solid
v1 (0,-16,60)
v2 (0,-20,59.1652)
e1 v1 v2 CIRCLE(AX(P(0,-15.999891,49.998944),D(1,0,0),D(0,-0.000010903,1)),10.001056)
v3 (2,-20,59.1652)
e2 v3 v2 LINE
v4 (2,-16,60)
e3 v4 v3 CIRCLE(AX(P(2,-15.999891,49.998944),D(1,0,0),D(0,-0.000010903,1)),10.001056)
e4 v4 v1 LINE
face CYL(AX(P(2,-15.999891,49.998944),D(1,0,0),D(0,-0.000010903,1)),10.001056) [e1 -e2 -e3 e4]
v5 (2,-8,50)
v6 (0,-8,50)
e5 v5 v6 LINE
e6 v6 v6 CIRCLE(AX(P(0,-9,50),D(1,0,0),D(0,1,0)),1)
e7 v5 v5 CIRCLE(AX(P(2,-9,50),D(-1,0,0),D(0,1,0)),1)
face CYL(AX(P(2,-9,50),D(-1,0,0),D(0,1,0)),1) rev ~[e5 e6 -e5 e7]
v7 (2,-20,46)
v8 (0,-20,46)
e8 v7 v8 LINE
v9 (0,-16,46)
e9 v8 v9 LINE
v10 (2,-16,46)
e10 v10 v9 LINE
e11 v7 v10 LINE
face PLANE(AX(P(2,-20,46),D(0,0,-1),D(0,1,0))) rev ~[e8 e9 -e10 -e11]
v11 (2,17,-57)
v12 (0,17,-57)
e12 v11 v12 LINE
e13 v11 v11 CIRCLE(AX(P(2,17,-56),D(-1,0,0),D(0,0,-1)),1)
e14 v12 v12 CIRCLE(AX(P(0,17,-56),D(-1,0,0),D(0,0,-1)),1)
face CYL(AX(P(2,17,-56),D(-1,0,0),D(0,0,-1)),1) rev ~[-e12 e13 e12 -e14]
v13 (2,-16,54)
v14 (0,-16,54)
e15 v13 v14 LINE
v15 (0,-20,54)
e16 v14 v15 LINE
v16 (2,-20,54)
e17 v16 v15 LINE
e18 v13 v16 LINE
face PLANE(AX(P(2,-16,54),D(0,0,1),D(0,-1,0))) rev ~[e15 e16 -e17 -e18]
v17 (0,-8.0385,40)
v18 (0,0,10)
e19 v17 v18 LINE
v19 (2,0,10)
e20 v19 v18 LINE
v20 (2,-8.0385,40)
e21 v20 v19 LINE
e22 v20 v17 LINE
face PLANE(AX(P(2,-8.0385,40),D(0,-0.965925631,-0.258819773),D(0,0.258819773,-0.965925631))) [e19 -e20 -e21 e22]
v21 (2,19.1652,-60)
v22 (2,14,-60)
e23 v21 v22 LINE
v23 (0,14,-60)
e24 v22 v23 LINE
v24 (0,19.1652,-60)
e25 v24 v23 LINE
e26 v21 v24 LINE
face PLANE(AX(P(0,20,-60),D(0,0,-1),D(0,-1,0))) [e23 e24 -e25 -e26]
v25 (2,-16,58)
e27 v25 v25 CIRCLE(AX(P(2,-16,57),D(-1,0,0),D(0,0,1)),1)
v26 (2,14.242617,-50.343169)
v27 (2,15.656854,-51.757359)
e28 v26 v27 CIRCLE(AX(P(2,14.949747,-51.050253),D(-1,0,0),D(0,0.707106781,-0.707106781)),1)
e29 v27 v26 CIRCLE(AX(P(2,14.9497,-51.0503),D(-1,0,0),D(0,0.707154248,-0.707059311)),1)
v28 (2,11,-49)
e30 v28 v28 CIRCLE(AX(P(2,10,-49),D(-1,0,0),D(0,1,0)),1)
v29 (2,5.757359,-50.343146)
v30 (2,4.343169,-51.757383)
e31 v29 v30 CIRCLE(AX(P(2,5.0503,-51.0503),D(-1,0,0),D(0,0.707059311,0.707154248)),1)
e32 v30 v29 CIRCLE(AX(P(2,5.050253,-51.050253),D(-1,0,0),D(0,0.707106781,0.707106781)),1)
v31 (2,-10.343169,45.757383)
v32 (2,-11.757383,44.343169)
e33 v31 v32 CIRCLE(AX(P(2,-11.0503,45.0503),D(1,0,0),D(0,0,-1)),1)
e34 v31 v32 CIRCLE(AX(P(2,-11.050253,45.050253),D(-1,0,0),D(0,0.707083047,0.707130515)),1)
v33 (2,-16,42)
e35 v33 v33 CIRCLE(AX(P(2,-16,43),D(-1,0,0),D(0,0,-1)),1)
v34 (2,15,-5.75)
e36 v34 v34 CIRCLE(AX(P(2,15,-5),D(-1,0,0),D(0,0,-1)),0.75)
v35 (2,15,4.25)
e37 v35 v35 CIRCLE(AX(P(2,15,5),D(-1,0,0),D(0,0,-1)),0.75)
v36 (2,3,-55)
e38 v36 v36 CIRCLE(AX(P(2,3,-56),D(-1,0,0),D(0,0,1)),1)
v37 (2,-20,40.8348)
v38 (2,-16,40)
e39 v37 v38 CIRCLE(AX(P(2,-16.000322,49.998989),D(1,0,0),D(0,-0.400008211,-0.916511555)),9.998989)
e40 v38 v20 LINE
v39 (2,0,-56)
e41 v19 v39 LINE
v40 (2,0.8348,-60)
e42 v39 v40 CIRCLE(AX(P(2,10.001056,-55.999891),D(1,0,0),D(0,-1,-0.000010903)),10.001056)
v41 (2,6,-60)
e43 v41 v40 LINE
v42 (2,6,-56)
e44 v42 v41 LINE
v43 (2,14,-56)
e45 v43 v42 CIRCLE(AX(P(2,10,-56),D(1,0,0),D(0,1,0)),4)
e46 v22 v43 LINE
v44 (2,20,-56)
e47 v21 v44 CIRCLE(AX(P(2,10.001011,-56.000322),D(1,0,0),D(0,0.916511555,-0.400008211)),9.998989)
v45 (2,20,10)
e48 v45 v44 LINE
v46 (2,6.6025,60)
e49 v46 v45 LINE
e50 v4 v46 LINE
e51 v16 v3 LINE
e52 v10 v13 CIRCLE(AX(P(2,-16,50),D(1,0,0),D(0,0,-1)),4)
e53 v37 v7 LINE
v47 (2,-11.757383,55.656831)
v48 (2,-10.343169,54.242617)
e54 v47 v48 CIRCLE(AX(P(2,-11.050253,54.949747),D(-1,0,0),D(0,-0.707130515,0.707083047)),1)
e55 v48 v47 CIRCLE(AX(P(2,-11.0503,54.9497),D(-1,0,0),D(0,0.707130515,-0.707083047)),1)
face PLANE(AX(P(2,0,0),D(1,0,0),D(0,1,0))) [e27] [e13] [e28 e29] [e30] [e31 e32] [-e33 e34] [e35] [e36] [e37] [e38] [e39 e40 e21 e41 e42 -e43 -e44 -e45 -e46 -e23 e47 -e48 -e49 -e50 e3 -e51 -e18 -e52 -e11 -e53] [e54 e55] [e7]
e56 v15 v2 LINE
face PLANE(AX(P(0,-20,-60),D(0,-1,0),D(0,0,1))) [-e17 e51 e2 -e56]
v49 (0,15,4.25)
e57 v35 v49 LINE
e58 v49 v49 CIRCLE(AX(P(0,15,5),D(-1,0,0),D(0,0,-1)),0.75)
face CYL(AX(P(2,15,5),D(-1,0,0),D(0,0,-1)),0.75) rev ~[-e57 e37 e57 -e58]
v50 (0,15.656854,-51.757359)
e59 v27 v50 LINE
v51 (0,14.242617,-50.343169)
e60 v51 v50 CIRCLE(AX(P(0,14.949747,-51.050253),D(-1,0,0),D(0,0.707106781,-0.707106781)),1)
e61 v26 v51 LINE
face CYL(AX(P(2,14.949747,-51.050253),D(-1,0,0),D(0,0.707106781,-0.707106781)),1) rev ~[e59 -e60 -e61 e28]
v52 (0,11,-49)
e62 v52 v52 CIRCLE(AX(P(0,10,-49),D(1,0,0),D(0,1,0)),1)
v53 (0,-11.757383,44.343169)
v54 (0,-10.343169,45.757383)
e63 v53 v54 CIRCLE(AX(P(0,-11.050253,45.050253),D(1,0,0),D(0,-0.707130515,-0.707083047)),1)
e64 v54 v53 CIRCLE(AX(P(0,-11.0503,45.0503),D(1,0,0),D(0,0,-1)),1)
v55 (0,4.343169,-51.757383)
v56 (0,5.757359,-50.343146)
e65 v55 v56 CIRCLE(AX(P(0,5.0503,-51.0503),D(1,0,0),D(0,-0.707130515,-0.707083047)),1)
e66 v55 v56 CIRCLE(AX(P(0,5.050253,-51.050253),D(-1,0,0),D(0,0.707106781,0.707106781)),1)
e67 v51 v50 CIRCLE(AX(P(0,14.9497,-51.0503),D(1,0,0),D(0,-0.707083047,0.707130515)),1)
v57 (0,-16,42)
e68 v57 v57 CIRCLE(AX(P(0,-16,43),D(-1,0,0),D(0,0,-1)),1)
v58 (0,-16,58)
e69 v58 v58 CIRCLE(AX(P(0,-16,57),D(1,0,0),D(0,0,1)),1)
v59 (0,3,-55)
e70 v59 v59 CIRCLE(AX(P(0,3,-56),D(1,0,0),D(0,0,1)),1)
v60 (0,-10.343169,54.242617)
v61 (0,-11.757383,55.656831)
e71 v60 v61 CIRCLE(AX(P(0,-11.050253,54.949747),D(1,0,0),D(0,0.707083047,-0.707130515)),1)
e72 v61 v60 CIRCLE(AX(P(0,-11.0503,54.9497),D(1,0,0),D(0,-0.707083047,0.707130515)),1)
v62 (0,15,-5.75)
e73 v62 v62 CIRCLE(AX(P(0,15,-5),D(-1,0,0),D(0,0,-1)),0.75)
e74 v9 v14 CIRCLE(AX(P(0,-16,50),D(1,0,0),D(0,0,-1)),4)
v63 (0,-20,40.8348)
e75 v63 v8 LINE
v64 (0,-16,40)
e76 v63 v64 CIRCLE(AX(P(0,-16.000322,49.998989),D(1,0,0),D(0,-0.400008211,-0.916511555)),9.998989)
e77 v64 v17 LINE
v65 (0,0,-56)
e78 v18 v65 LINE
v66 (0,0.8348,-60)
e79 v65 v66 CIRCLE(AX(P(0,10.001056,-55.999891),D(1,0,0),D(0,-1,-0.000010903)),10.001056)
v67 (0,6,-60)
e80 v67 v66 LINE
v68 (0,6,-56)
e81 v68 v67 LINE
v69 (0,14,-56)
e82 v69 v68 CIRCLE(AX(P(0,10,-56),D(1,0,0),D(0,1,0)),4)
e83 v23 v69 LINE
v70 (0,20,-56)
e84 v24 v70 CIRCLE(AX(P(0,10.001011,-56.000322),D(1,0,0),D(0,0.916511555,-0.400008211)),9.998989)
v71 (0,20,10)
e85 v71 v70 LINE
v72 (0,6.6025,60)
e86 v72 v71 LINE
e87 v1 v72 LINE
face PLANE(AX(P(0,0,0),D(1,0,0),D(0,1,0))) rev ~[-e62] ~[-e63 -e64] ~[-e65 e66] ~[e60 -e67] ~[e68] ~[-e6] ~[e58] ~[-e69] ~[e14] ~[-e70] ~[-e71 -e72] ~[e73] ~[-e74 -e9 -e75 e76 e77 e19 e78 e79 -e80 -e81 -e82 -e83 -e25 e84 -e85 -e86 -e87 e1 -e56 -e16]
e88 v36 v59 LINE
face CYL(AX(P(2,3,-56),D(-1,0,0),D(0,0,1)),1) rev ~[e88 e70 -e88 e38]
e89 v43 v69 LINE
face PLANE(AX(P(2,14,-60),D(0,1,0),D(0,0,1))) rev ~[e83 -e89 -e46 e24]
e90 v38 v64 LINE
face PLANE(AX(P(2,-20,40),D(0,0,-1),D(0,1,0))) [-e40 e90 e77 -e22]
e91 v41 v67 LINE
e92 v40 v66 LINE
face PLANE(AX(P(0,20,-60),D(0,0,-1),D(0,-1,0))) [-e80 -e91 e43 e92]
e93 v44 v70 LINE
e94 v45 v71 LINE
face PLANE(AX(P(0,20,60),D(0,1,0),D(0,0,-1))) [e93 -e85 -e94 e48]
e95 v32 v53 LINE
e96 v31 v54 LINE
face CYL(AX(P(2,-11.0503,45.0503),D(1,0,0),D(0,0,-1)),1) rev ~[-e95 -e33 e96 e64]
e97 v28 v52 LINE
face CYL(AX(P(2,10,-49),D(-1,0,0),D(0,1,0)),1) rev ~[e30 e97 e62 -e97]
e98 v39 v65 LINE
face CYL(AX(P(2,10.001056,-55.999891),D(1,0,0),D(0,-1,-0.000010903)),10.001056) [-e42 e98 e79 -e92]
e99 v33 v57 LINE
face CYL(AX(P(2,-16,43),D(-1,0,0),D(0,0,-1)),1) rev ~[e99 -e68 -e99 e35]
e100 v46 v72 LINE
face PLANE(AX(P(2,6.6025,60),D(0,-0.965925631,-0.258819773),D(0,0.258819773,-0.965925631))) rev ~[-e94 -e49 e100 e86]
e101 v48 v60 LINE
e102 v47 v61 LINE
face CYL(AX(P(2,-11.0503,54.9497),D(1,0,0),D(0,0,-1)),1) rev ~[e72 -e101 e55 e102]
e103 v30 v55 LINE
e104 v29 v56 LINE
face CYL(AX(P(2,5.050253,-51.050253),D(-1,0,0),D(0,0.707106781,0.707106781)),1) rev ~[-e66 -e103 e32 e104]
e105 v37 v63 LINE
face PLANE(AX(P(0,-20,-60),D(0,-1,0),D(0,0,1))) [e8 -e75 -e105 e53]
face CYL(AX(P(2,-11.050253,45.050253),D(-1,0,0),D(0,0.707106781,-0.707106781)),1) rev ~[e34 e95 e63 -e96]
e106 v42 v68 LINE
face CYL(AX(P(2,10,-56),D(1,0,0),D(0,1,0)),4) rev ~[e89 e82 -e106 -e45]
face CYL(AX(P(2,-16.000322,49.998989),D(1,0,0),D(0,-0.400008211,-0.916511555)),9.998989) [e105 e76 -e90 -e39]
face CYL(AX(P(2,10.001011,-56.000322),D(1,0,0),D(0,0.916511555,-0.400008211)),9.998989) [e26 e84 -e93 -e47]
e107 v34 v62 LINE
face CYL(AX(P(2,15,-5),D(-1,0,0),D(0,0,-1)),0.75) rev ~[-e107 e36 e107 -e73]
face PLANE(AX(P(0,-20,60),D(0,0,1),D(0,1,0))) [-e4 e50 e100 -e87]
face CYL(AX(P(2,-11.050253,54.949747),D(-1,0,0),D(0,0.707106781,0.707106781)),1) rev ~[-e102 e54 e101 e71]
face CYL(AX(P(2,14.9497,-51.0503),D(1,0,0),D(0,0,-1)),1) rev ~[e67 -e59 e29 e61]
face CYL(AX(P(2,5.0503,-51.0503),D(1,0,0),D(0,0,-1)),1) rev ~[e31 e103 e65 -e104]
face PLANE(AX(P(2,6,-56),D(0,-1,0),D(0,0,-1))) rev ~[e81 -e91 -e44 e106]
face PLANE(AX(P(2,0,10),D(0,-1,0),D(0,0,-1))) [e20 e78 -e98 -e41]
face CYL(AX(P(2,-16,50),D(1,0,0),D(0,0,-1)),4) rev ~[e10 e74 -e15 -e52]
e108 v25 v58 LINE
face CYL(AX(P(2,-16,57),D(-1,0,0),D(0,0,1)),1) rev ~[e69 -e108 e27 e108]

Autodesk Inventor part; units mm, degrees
ref_plane "YZ Plane" through (0, 0, 0) normal (1, 0, 0) x (0, 1, 0)
ref_plane "XZ Plane" through (0, 0, 0) normal (0, 1, 0) x (-1, 0, 0)
ref_plane "XY Plane" through (0, 0, 0) normal (0, 0, 1) x (1, 0, 0)
sketch "スケッチ1" plane through (0, 0, 0) normal (1, 0, 0) x (0, 1, 0)
  line L0 (-20, 60) -> (20, 60)
  line L1 (20, 60) -> (20, -60)
  line L2 (20, -60) -> (-20, -60)
  line L3 (-20, -60) -> (-20, 60)
  point P0 (0, 0)
  dimension "d0" = 40
  dimension "d2" = 20
  dimension "d3" = 120
  dimension "d4" = 60
extrude "押し出し1" add sketch "スケッチ1" along normal blind 2
sketch "スケッチ2" plane through (2, 0, 0) normal (1, 0, 0) x (0, 0, -1)
  line L0 (-60, 20) -> (-60, -20) projected
  line L1 (-60, -20) -> (60, -20) projected
  line L2 (60, -20) -> (60, 20) projected
  line L3 (60, 20) -> (-60, 20) projected
  line L4 (-60, 6.6025) -> (-10, 20)
  line L5 (-40, -20) -> (-40, -8.0385)
  line L6 (-40, -8.0385) -> (-10, 0)
  line L7 (-10, 0) -> (60, 0)
  point P0 (0, 0)
  dimension "d7" = 20
  dimension "d8" = 20
  dimension "d9" = 70
  dimension "d10" = 15
  dimension "d11" = 70
extrude "押し出し2" cut sketch "スケッチ2" against normal blind 2 contours L4 L3 L2 L7 L6 L5 L1 L0 keep common part
sketch "スケッチ3" plane through (2, 0, 0) normal (1, 0, 0) x (0, 0, -1)
  line L0 (60, 0) -> (-10, 0) projected
  line L1 (60, 0) -> (60, 20) projected
  line L2 (-60, 6.6025) -> (-60, -20) projected
  line L3 (-60, -20) -> (-40, -20) projected
  line L4 (-54, -20) -> (-46, -20)
  line L5 (-46, -20) -> (-46, -16)
  line L6 (-54, -16) -> (-54, -20)
  line L7 (60, 14) -> (56, 14)
  line L8 (56, 6) -> (60, 6)
  line L9 (60, 6) -> (60, 14)
  arc A0 (-46, -16) -> (-54, -16) centre (-50, -16) ccw
  arc A1 (56, 14) -> (56, 6) centre (56, 10) ccw
  point P0 (0, 0)
  dimension "d14" = 8
  dimension "d16" = 8
  dimension "d19" = 4
  dimension "d20" = 4
  dimension "d21" = 10
  dimension "d22" = 4
  dimension "d23" = 4
  dimension "d24" = 10
  dimension "d26" = 4
  dimension "d27" = 4
extrude "押し出し3" cut sketch "スケッチ3" against normal blind 2
sketch "スケッチ4" plane through (2, 0, 0) normal (1, 0, 0) x (0, 0, -1)
  arc A0 (-46, -16) -> (-54, -16) centre (-50, -16) ccw projected
  arc A1 (56, 14) -> (56, 6) centre (56, 10) ccw projected
  circle A2 centre (-43, -16) radius 1
  circle A3 centre (56, 17) radius 1
  point P0 (0, 0)
  dimension "d30" = 2
  dimension "d32" = 7
  dimension "d33" = 0
  dimension "d34" = 7
  dimension "d35" = 0
hole "穴1" at (2, 17, -56) at (2, -16, 43) direction (-1, 0, 0) diameter 2 end through all
pattern_circular "円形状パターン1" count 5 over 180 about axis through (2, 10, -56) along (1, 0, 0) of "穴1"
pattern_circular "円形状パターン2" count 5 over 180 about axis through (2, -16, 50) along (1, 0, 0) of "穴1"
sketch "スケッチ5" plane through (2, 0, 0) normal (1, 0, 0) x (0, 0, -1)
  line L0 (60, 14) -> (60, 20) projected
  line L1 (60, 20) -> (-10, 20) projected
  circle A0 centre (-5, 15) radius 1
  circle A1 centre (5, 15) radius 1
  point P0 (0, 0)
  dimension "d49" = 10
  dimension "d51" = 5
  dimension "d52" = 5
  dimension "d53" = 2
  dimension "d54" = 55
hole "穴2" at (2, 15, -5) at (2, 15, 5) direction (-1, 0, 0) diameter 1.5 end through all
sketch "スケッチ6" plane through (2, 0, 0) normal (1, 0, 0) x (0, 0, -1)
  circle A0 centre (5, 15) radius 0.75 projected
  circle A1 centre (-5, 15) radius 0.75 projected
  circle A2 centre (-57, -16) radius 1 projected
  circle A3 centre (-54.9497, -11.0503) radius 1 projected
  circle A4 centre (-50, -9) radius 1 projected
  circle A5 centre (-45.0503, -11.0503) radius 1 projected
  circle A6 centre (56, 3) radius 1 projected
  circle A7 centre (51.0503, 5.0503) radius 1 projected
  circle A8 centre (49, 10) radius 1 projected
  circle A9 centre (51.0503, 14.9497) radius 1 projected
  circle A10 centre (56, 17) radius 1 projected
  circle A11 centre (-43, -16) radius 1 projected
  line L0 (56, 14) -> (60, 14) projected
  line L1 (60, 14) -> (60, 20) projected
  line L2 (60, 20) -> (-10, 20) projected
  line L3 (-60, 6.6025) -> (-10, 20) projected
  line L4 (-60, 6.6025) -> (-60, -20) projected
  line L5 (-60, -20) -> (-54, -20) projected
  line L6 (-54, -20) -> (-54, -16) projected
  arc A12 (-46, -16) -> (-54, -16) centre (-50, -16) ccw projected
  line L7 (-46, -16) -> (-46, -20) projected
  line L8 (-46, -20) -> (-40, -20) projected
  line L9 (-40, -8.0385) -> (-40, -20) projected
  line L10 (-10, 0) -> (-40, -8.0385) projected
  line L11 (60, 0) -> (-10, 0) projected
  line L12 (60, 0) -> (60, 6) projected
  line L13 (60, 6) -> (56, 6) projected
  arc A13 (56, 14) -> (56, 6) centre (56, 10) ccw projected
  arc A14 (-40.8348, -20) -> (-40, -16) centre (-50, -16) ccw
  arc A15 (-60, -16) -> (-59.1652, -20) centre (-50, -16) ccw
  arc A16 (60, 19.1652) -> (56, 20) centre (56, 10) ccw
  arc A17 (56, 0) -> (60, 0.8348) centre (56, 10) ccw
  point P0 (0, 0)
  dimension "d64" = 10
extrude "押し出し4" cut sketch "スケッチ6" against normal blind 2 contours A13 L13 L12 A17 L11 L10 L9 A14 L8 L7 A12 L6 L5 A15 L4 L3 L2 A16 L1 L0 keep common part
properties part number "Leg_Link_Flame" material "アルミニウム 6061"
